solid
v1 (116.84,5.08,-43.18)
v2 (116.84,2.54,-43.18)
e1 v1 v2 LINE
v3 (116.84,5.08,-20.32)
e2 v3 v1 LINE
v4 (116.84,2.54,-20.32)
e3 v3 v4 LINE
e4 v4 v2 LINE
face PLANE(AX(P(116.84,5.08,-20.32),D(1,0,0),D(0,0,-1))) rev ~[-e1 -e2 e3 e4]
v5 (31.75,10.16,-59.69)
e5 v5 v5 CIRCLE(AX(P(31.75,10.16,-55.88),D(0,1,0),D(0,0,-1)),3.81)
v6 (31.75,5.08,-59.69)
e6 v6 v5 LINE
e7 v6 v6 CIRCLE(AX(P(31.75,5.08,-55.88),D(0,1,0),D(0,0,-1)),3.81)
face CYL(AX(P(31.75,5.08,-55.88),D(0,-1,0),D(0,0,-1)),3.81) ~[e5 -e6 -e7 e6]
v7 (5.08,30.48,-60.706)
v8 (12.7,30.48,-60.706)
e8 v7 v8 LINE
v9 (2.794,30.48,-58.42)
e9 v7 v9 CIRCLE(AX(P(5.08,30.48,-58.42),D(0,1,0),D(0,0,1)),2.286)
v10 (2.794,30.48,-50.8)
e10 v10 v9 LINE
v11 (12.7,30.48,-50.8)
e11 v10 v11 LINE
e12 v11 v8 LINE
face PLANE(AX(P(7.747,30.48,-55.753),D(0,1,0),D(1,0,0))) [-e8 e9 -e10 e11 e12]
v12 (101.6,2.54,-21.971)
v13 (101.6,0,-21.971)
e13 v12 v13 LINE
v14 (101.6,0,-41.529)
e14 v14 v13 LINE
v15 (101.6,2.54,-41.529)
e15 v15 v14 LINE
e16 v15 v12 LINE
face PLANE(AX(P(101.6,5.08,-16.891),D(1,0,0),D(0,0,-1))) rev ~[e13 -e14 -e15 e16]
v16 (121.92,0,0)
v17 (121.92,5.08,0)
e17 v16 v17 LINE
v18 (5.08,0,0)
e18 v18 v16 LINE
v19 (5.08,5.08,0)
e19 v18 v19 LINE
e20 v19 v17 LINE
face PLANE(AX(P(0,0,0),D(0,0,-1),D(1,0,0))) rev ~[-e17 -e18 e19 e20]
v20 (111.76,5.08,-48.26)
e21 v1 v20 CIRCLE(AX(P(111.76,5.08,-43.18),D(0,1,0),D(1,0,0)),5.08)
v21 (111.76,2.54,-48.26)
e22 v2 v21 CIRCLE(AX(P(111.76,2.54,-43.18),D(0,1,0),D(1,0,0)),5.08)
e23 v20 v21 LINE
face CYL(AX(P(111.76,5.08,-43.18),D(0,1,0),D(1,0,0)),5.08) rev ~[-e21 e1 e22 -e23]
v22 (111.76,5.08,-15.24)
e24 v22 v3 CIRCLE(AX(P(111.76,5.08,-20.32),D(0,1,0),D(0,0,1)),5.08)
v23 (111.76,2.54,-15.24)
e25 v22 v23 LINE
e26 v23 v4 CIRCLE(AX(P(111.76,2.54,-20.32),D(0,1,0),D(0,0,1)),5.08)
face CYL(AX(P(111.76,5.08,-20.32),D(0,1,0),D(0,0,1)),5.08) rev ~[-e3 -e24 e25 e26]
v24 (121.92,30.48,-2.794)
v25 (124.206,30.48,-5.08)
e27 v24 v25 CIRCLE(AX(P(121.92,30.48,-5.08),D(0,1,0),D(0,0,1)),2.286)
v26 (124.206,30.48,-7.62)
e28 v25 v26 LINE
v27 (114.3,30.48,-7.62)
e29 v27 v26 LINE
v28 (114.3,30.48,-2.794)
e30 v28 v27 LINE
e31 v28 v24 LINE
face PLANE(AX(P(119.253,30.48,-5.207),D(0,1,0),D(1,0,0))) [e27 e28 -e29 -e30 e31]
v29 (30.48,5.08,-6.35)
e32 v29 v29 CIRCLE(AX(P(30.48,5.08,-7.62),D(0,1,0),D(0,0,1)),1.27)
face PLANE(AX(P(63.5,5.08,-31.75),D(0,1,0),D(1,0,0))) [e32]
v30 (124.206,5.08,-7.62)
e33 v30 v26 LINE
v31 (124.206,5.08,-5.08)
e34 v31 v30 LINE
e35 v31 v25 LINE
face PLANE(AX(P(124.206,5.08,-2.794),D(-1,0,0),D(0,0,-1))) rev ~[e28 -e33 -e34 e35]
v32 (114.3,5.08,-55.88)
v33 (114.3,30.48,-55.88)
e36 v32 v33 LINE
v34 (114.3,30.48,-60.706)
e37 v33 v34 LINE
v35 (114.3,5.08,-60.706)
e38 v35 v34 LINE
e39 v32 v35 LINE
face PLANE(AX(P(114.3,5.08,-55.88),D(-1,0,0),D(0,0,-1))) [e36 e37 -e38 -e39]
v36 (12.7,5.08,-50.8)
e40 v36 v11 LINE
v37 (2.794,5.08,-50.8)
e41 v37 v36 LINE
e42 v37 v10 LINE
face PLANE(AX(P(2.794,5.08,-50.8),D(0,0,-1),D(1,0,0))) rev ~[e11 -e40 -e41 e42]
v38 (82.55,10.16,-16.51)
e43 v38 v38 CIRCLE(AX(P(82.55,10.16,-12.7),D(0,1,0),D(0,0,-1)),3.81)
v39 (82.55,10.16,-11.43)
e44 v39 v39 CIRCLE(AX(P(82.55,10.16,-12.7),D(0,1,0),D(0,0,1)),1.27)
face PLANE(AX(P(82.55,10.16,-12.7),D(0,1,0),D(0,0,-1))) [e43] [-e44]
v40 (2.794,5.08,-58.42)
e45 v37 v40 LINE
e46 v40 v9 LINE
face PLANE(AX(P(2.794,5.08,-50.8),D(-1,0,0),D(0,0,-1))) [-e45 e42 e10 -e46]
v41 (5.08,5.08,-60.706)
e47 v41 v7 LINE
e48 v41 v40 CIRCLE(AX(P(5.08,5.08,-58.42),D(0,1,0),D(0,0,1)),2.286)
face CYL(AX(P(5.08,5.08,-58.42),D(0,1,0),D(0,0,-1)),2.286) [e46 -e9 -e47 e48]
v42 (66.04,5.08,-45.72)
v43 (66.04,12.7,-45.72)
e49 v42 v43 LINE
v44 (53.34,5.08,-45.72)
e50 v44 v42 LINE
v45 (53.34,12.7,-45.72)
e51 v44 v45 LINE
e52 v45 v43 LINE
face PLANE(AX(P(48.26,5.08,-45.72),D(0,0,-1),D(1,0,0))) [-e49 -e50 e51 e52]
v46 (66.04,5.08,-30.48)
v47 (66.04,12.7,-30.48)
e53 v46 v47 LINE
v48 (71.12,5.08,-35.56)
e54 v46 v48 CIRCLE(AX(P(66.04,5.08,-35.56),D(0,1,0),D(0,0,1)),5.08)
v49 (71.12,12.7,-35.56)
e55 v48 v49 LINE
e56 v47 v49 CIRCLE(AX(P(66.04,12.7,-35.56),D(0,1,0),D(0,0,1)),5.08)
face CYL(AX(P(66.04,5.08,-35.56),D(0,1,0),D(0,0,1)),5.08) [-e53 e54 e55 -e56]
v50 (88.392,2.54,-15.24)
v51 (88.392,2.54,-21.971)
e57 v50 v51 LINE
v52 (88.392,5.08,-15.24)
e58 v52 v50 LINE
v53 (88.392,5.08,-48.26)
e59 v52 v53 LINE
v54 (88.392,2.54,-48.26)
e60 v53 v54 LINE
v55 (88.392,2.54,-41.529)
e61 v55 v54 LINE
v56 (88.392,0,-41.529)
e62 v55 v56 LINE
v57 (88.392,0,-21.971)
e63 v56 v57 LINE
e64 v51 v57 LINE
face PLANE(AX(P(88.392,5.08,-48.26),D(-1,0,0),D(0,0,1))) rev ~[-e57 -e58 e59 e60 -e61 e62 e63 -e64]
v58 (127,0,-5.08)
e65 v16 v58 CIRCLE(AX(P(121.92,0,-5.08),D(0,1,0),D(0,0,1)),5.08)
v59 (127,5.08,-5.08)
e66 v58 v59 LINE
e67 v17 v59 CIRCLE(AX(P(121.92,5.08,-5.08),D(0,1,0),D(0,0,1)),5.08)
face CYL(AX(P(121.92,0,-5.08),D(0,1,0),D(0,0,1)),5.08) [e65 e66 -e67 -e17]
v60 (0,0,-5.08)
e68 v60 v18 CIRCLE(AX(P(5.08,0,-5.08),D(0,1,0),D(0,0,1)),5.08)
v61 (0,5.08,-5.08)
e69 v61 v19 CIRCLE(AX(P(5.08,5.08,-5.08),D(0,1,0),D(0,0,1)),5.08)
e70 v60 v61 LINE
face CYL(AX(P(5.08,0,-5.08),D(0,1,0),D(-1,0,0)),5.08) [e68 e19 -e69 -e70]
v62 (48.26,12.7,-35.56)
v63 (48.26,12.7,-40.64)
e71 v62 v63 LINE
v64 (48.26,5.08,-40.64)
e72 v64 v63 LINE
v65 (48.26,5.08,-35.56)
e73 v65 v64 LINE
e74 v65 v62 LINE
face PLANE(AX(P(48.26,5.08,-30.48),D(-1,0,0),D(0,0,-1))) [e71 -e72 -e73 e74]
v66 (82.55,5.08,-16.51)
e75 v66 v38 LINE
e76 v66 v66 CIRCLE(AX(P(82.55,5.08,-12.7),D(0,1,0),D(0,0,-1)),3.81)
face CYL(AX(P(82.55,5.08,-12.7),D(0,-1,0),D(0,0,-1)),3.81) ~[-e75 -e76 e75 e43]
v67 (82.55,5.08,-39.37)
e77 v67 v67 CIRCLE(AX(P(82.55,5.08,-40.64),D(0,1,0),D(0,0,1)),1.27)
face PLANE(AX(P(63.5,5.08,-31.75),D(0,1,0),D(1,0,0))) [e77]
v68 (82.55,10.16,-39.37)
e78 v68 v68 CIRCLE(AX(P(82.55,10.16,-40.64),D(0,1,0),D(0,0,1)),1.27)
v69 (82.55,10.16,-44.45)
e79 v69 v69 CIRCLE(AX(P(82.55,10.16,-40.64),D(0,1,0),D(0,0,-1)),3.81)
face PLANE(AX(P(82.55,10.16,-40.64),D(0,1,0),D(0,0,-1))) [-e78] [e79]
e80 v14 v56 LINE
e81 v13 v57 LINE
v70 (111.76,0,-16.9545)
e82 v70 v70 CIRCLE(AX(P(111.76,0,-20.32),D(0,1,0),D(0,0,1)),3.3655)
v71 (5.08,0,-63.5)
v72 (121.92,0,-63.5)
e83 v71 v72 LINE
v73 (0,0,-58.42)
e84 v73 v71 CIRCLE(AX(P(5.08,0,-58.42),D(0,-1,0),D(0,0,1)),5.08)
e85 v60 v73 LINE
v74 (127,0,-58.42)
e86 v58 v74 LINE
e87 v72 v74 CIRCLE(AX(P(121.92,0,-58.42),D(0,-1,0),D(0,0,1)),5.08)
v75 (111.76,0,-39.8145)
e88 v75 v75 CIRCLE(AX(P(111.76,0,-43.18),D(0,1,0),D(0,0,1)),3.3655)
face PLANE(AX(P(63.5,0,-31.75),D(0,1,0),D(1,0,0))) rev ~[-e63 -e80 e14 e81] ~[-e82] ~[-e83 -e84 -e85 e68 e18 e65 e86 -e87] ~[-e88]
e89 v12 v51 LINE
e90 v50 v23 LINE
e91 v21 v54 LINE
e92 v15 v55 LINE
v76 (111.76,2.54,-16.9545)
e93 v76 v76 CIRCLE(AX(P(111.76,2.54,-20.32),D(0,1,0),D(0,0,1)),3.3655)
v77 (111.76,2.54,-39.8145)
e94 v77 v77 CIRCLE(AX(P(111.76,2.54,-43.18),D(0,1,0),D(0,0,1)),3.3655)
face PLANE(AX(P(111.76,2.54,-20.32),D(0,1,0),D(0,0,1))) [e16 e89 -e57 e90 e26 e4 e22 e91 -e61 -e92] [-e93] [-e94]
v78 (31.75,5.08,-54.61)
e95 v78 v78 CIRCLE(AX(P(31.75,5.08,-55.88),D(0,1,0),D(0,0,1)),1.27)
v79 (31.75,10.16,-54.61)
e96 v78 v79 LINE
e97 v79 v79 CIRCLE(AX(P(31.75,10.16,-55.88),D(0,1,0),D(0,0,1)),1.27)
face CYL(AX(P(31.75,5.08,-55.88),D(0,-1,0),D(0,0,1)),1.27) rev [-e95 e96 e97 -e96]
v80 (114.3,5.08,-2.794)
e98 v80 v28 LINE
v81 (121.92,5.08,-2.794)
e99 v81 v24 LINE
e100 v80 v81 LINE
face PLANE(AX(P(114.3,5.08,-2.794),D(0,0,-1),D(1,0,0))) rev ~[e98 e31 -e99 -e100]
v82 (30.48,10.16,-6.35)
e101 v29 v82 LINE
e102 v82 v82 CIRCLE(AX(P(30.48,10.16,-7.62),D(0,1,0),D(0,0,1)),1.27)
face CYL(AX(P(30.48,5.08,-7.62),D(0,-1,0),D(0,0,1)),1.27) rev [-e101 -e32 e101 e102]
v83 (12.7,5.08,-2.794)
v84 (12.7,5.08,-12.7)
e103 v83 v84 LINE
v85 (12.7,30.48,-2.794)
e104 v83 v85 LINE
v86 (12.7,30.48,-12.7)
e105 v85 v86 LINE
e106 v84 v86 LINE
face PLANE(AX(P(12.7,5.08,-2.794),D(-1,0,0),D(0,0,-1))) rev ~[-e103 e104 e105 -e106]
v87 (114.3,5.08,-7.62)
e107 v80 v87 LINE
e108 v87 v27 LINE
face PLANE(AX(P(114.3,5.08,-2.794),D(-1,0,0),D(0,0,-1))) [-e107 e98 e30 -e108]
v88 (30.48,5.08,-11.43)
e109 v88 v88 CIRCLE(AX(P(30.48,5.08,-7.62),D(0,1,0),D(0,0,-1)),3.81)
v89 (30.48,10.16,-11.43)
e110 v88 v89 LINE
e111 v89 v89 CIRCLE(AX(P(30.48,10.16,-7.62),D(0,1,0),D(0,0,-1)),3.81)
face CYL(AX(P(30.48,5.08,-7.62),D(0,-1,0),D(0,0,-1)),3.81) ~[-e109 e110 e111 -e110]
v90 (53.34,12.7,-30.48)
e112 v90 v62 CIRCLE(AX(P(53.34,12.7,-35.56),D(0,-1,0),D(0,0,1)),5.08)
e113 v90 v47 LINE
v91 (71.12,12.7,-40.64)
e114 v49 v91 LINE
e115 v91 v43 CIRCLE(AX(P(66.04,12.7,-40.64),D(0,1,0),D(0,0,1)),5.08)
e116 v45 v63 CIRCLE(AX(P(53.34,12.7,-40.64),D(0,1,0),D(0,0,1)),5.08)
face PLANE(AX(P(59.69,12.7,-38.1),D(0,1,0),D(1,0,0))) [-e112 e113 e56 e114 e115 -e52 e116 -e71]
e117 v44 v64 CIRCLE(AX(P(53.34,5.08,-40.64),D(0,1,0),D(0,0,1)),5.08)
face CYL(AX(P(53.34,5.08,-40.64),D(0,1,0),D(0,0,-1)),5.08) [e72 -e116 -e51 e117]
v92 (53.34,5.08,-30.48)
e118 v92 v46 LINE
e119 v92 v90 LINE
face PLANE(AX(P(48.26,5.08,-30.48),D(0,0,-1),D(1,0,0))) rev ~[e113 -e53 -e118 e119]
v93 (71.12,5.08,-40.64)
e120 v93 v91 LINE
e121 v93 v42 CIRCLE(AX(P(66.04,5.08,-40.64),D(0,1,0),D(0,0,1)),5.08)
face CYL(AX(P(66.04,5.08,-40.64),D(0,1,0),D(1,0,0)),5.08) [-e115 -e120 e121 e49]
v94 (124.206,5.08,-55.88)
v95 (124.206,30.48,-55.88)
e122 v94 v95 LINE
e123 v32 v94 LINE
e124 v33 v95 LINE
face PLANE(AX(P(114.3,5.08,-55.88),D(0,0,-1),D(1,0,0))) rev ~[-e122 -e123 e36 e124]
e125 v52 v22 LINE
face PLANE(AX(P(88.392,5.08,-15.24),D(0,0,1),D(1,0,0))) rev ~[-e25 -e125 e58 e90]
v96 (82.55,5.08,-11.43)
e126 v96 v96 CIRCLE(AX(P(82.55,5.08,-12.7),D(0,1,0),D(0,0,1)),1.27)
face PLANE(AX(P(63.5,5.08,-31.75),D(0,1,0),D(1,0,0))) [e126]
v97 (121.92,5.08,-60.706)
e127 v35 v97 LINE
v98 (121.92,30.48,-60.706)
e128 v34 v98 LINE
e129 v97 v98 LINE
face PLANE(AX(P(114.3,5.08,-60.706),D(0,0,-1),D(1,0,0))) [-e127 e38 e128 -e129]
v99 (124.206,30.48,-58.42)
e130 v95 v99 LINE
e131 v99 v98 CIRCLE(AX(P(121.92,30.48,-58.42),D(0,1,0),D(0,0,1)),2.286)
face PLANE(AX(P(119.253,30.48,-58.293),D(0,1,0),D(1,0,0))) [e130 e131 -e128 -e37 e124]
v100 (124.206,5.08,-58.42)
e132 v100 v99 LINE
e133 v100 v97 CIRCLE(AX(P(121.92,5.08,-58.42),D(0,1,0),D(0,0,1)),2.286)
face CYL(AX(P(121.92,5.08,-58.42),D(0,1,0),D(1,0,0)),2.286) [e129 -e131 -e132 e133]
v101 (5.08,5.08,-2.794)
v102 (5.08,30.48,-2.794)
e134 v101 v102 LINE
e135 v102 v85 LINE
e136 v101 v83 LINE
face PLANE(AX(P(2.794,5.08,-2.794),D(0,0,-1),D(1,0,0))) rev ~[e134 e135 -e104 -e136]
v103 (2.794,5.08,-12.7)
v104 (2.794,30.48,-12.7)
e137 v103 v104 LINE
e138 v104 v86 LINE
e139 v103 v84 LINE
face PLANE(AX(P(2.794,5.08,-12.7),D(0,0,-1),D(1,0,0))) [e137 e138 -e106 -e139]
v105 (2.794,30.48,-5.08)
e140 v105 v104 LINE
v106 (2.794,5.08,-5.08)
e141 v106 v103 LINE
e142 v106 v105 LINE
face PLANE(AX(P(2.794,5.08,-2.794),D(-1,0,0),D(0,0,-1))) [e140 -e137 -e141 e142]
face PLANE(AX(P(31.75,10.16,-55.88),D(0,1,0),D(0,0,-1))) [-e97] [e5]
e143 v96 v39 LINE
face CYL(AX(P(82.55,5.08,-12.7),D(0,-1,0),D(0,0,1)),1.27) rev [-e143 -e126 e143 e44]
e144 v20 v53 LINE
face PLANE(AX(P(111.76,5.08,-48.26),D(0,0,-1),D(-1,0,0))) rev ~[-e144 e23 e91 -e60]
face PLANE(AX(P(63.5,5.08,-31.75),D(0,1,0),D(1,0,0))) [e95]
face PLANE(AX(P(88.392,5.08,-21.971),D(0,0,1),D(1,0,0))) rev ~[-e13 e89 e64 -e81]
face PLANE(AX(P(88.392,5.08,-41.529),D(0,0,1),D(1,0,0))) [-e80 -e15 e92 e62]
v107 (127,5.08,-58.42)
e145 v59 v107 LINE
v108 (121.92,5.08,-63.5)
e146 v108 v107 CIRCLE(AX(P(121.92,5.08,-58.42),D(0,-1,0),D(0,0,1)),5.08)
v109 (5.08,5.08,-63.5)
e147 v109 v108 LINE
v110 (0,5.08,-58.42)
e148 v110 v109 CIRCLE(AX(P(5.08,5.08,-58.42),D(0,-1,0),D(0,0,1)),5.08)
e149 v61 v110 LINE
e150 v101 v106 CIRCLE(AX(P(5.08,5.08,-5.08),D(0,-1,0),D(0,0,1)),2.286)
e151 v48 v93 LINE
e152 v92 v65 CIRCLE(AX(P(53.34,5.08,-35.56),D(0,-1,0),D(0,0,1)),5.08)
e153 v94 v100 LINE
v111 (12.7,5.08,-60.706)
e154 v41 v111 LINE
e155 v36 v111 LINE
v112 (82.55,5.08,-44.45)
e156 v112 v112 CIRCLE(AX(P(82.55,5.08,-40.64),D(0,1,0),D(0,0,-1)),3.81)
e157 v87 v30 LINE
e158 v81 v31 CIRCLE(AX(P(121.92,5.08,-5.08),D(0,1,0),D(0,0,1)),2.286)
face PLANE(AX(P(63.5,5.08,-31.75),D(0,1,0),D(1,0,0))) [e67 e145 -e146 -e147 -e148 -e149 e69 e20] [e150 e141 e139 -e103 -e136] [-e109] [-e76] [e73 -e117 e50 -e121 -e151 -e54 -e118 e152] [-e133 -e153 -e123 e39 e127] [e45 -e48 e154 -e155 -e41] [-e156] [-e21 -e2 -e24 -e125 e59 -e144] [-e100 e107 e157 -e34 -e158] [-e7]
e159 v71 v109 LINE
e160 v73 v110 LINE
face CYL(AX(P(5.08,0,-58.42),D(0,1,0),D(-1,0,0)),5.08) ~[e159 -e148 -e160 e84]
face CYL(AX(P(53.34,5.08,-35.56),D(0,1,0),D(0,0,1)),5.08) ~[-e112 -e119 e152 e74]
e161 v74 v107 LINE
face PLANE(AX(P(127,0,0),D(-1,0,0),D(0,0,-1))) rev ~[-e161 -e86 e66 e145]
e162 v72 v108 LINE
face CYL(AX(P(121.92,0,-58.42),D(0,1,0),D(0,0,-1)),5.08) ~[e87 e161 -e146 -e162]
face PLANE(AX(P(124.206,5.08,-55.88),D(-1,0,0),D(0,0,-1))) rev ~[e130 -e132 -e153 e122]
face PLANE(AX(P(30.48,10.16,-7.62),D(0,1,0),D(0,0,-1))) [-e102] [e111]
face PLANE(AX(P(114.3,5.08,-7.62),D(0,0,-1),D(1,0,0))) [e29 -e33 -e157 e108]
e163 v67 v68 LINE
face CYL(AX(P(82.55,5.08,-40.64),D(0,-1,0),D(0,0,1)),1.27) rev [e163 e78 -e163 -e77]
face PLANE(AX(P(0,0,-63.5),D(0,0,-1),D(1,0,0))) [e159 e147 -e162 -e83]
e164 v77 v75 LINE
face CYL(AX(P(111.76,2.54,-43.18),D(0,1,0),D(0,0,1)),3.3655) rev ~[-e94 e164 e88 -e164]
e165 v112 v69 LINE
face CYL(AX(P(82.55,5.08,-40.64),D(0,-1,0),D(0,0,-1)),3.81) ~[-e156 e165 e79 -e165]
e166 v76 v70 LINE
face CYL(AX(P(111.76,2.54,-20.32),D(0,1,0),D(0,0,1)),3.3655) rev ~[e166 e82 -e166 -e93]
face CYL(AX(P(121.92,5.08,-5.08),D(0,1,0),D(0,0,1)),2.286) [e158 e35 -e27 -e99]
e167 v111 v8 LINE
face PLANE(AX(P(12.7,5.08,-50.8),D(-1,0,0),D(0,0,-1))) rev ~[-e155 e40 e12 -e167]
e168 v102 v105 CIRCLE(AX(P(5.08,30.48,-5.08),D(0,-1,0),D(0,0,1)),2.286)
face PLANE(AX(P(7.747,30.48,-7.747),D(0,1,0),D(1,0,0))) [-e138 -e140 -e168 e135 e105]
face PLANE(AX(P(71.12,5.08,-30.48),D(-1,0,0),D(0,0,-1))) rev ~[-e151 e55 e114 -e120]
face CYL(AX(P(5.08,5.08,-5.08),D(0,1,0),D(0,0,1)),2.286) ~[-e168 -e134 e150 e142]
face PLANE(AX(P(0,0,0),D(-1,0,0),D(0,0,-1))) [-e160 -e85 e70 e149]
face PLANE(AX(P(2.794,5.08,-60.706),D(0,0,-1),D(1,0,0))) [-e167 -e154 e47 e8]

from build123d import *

# Parameters (mm, degrees)
SKETCH1_W            = 127
SKETCH1_H            = 63.5
BOSS_EXTRUDE1_DEPTH  = 5.08
SKETCH2_W            = 9.906
SKETCH2_H            = 9.906
SKETCH2_H_2          = 4.826
BOSS_EXTRUDE3_DEPTH  = 25.4
FILLET3_R            = 2.286
FILLET4_R            = 5.08
CUT_EXTRUDE8_REACH   = 146.244
SKETCH13_R           = 3.556
SKETCH13_W           = 13.208
SKETCH13_H           = 19.558
SKETCH14_W           = 13.208
SKETCH14_H           = 29.718
CUT_EXTRUDE9_DEPTH   = 2.54
SKETCH19_R           = 5.08
CUT_EXTRUDE12_DEPTH  = 2.54
SKETCH4_R            = 3.81
SKETCH4_R_2          = 1.27
BOSS_EXTRUDE13_DEPTH = 5.08
SKETCH7_W            = 22.86
SKETCH7_H            = 15.24
BOSS_EXTRUDE14_DEPTH = 7.62
FILLET5_R            = 5.08
CUT_EXTRUDE13_DEPTH  = 2.54
SKETCH22_R           = 4.329078616
SKETCH22_R_2         = 3.3655
SKETCH22_R_3         = 4.536345421
BOSS_EXTRUDE15_DEPTH = 2.54


with BuildPart() as part:
    # Sketch1 → Boss-Extrude1 (new body)
    with BuildSketch(Plane(origin=(0, 0, 0), x_dir=(1, 0, 0), z_dir=(0, 1, 0))):
        with Locations((63.5, 31.75)):
            Rectangle(SKETCH1_W, SKETCH1_H)
    extrude(amount=BOSS_EXTRUDE1_DEPTH)

    # Sketch2 → Boss-Extrude3 (add)
    with BuildSketch(Plane(origin=(0, 5.08, 0), x_dir=(1, 0, 0), z_dir=(0, 1, 0))):
        with Locations((7.747, 7.747)):
            Rectangle(SKETCH2_W, SKETCH2_H)
        with Locations((7.747, 55.753)):
            Rectangle(SKETCH2_W, SKETCH2_H)
        with Locations((119.253, 5.207)):
            Rectangle(SKETCH2_W, SKETCH2_H_2)
        with Locations((119.253, 58.293)):
            Rectangle(SKETCH2_W, SKETCH2_H_2)
    extrude(amount=BOSS_EXTRUDE3_DEPTH)

    # Fillet3
    fillet3_edges = [part.edges().sort_by_distance(p)[0] for p in [
        (2.794, 17.78, -60.706),
        (2.794, 17.78, -2.794),
        (124.206, 17.78, -60.706),
        (124.206, 17.78, -2.794),
    ]]
    fillet(fillet3_edges, radius=FILLET3_R)

    # Fillet4
    fillet4_edges = [part.edges().sort_by_distance(p)[0] for p in [
        (0, 2.54, -63.5),
        (127, 2.54, -63.5),
        (127, 2.54, 0),
        (0, 2.54, 0),
    ]]
    fillet(fillet4_edges, radius=FILLET4_R)

    # Sketch13 → Cut-Extrude8 (cut, up to next)
    with BuildSketch(Plane(origin=(0, 5.08, 0), x_dir=(1, 0, 0), z_dir=(0, 1, 0)), mode=Mode.PRIVATE) as cut_extrude8_sk1:
        with Locations(Location((111.76, 43.18, 0), (0, 0, 270))):
            Circle(SKETCH13_R)
    cut_extrude8_tool1 = extrude(cut_extrude8_sk1.sketch, amount=-CUT_EXTRUDE8_REACH, mode=Mode.PRIVATE) & part.part
    # Sketch13 → Cut-Extrude8 (cut, up to next)
    with BuildSketch(Plane(origin=(0, 5.08, 0), x_dir=(1, 0, 0), z_dir=(0, 1, 0)), mode=Mode.PRIVATE) as cut_extrude8_sk2:
        with Locations(Location((111.76, 20.32, 0), (0, 0, 270))):
            Circle(SKETCH13_R)
    cut_extrude8_tool2 = extrude(cut_extrude8_sk2.sketch, amount=-CUT_EXTRUDE8_REACH, mode=Mode.PRIVATE) & part.part
    # Sketch13 → Cut-Extrude8 (cut, up to next)
    with BuildSketch(Plane(origin=(0, 5.08, 0), x_dir=(1, 0, 0), z_dir=(0, 1, 0)), mode=Mode.PRIVATE) as cut_extrude8_sk3:
        with Locations((94.996, 31.75)):
            Rectangle(SKETCH13_W, SKETCH13_H)
    cut_extrude8_tool3 = extrude(cut_extrude8_sk3.sketch, amount=-CUT_EXTRUDE8_REACH, mode=Mode.PRIVATE) & part.part
    add(cut_extrude8_tool1.solids().sort_by_distance((111.76, 5.08, -43.18))[0], mode=Mode.SUBTRACT)
    add(cut_extrude8_tool2.solids().sort_by_distance((111.76, 5.08, -20.32))[0], mode=Mode.SUBTRACT)
    add(cut_extrude8_tool3.solids().sort_by_distance((94.996, 5.08, -31.75))[0], mode=Mode.SUBTRACT)

    # Sketch14 → Cut-Extrude9 (cut)
    with BuildSketch(Plane(origin=(0, 5.08, 0), x_dir=(1, 0, 0), z_dir=(0, 1, 0))):
        with Locations((94.996, 31.75)):
            Rectangle(SKETCH14_W, SKETCH14_H)
    extrude(amount=-CUT_EXTRUDE9_DEPTH, mode=Mode.SUBTRACT)

    # Sketch19 → Cut-Extrude12 (cut)
    with BuildSketch(Plane(origin=(0, 5.08, 0), x_dir=(1, 0, 0), z_dir=(0, 1, 0))):
        with Locations(Location((111.76, 43.18, 0), (0, 0, 270))):
            Circle(SKETCH19_R)
        with Locations(Location((111.76, 20.32, 0), (0, 0, 270))):
            Circle(SKETCH19_R)
    extrude(amount=-CUT_EXTRUDE12_DEPTH, mode=Mode.SUBTRACT)

    # Sketch4 → Boss-Extrude13 (add)
    # profile 1 of 4: a face of its own
    with BuildSketch(Plane(origin=(0, 5.08, 0), x_dir=(1, 0, 0), z_dir=(0, 1, 0))):
        with Locations(Location((31.75, 55.88, 0), (0, 0, 90))):
            Circle(SKETCH4_R)
        with Locations(Location((31.75, 55.88, 0), (0, 0, 270))):
            Circle(SKETCH4_R_2, mode=Mode.SUBTRACT)
    # profile 2 of 4: a face of its own
    with BuildSketch(Plane(origin=(0, 5.08, 0), x_dir=(1, 0, 0), z_dir=(0, 1, 0))):
        with Locations(Location((30.48, 7.62, 0), (0, 0, 90))):
            Circle(SKETCH4_R)
        with Locations(Location((30.48, 7.62, 0), (0, 0, 270))):
            Circle(SKETCH4_R_2, mode=Mode.SUBTRACT)
    # profile 3 of 4: a face of its own
    with BuildSketch(Plane(origin=(0, 5.08, 0), x_dir=(1, 0, 0), z_dir=(0, 1, 0))):
        with Locations(Location((82.55, 40.64, 0), (0, 0, 90))):
            Circle(SKETCH4_R)
        with Locations(Location((82.55, 40.64, 0), (0, 0, 270))):
            Circle(SKETCH4_R_2, mode=Mode.SUBTRACT)
    # profile 4 of 4: a face of its own
    with BuildSketch(Plane(origin=(0, 5.08, 0), x_dir=(1, 0, 0), z_dir=(0, 1, 0))):
        with Locations(Location((82.55, 12.7, 0), (0, 0, 90))):
            Circle(SKETCH4_R)
        with Locations(Location((82.55, 12.7, 0), (0, 0, 270))):
            Circle(SKETCH4_R_2, mode=Mode.SUBTRACT)
    extrude(amount=BOSS_EXTRUDE13_DEPTH)

    # Sketch7 → Boss-Extrude14 (add)
    with BuildSketch(Plane(origin=(0, 5.08, 0), x_dir=(1, 0, 0), z_dir=(0, 1, 0))):
        with Locations((59.69, 38.1)):
            Rectangle(SKETCH7_W, SKETCH7_H)
    extrude(amount=BOSS_EXTRUDE14_DEPTH)

    # Fillet5
    fillet5_edges = [part.edges().sort_by_distance(p)[0] for p in [
        (48.26, 8.89, -45.72),
        (48.26, 8.89, -30.48),
        (71.12, 8.89, -30.48),
        (71.12, 8.89, -45.72),
    ]]
    fillet(fillet5_edges, radius=FILLET5_R)

    # Sketch21 → Cut-Extrude13 (cut)
    with BuildSketch(Plane(origin=(0, 5.08, 0), x_dir=(1, 0, 0), z_dir=(0, 1, 0))):
        with BuildLine():
            Line((111.76, 48.26), (88.392, 48.26))
            Line((88.392, 48.26), (88.392, 15.24))
            Line((88.392, 15.24), (111.76, 15.24))
            ThreePointArc((111.76, 15.24), (115.352102448, 16.727897552), (116.84, 20.32))
            Line((116.84, 20.32), (116.84, 43.18))
            ThreePointArc((116.84, 43.18), (115.352102448, 46.772102448), (111.76, 48.26))
        make_face()
    extrude(amount=-CUT_EXTRUDE13_DEPTH, mode=Mode.SUBTRACT)

    # Sketch22 → Boss-Extrude15 (add)
    # profile 1 of 2: a face of its own
    with BuildSketch(Plane(origin=(0, 2.54, 0), x_dir=(1, 0, 0), z_dir=(0, 1, 0))):
        with Locations((111.76, 43.18)):
            Circle(SKETCH22_R)
        with Locations(Location((111.76, 43.18, 0), (0, 0, 270))):
            Circle(SKETCH22_R_2, mode=Mode.SUBTRACT)
    # profile 2 of 2: a face of its own
    with BuildSketch(Plane(origin=(0, 2.54, 0), x_dir=(1, 0, 0), z_dir=(0, 1, 0))):
        with Locations((111.76, 20.32)):
            Circle(SKETCH22_R_3)
        with Locations(Location((111.76, 20.32, 0), (0, 0, 270))):
            Circle(SKETCH22_R_2, mode=Mode.SUBTRACT)
    extrude(amount=-BOSS_EXTRUDE15_DEPTH)


solid = part.part
